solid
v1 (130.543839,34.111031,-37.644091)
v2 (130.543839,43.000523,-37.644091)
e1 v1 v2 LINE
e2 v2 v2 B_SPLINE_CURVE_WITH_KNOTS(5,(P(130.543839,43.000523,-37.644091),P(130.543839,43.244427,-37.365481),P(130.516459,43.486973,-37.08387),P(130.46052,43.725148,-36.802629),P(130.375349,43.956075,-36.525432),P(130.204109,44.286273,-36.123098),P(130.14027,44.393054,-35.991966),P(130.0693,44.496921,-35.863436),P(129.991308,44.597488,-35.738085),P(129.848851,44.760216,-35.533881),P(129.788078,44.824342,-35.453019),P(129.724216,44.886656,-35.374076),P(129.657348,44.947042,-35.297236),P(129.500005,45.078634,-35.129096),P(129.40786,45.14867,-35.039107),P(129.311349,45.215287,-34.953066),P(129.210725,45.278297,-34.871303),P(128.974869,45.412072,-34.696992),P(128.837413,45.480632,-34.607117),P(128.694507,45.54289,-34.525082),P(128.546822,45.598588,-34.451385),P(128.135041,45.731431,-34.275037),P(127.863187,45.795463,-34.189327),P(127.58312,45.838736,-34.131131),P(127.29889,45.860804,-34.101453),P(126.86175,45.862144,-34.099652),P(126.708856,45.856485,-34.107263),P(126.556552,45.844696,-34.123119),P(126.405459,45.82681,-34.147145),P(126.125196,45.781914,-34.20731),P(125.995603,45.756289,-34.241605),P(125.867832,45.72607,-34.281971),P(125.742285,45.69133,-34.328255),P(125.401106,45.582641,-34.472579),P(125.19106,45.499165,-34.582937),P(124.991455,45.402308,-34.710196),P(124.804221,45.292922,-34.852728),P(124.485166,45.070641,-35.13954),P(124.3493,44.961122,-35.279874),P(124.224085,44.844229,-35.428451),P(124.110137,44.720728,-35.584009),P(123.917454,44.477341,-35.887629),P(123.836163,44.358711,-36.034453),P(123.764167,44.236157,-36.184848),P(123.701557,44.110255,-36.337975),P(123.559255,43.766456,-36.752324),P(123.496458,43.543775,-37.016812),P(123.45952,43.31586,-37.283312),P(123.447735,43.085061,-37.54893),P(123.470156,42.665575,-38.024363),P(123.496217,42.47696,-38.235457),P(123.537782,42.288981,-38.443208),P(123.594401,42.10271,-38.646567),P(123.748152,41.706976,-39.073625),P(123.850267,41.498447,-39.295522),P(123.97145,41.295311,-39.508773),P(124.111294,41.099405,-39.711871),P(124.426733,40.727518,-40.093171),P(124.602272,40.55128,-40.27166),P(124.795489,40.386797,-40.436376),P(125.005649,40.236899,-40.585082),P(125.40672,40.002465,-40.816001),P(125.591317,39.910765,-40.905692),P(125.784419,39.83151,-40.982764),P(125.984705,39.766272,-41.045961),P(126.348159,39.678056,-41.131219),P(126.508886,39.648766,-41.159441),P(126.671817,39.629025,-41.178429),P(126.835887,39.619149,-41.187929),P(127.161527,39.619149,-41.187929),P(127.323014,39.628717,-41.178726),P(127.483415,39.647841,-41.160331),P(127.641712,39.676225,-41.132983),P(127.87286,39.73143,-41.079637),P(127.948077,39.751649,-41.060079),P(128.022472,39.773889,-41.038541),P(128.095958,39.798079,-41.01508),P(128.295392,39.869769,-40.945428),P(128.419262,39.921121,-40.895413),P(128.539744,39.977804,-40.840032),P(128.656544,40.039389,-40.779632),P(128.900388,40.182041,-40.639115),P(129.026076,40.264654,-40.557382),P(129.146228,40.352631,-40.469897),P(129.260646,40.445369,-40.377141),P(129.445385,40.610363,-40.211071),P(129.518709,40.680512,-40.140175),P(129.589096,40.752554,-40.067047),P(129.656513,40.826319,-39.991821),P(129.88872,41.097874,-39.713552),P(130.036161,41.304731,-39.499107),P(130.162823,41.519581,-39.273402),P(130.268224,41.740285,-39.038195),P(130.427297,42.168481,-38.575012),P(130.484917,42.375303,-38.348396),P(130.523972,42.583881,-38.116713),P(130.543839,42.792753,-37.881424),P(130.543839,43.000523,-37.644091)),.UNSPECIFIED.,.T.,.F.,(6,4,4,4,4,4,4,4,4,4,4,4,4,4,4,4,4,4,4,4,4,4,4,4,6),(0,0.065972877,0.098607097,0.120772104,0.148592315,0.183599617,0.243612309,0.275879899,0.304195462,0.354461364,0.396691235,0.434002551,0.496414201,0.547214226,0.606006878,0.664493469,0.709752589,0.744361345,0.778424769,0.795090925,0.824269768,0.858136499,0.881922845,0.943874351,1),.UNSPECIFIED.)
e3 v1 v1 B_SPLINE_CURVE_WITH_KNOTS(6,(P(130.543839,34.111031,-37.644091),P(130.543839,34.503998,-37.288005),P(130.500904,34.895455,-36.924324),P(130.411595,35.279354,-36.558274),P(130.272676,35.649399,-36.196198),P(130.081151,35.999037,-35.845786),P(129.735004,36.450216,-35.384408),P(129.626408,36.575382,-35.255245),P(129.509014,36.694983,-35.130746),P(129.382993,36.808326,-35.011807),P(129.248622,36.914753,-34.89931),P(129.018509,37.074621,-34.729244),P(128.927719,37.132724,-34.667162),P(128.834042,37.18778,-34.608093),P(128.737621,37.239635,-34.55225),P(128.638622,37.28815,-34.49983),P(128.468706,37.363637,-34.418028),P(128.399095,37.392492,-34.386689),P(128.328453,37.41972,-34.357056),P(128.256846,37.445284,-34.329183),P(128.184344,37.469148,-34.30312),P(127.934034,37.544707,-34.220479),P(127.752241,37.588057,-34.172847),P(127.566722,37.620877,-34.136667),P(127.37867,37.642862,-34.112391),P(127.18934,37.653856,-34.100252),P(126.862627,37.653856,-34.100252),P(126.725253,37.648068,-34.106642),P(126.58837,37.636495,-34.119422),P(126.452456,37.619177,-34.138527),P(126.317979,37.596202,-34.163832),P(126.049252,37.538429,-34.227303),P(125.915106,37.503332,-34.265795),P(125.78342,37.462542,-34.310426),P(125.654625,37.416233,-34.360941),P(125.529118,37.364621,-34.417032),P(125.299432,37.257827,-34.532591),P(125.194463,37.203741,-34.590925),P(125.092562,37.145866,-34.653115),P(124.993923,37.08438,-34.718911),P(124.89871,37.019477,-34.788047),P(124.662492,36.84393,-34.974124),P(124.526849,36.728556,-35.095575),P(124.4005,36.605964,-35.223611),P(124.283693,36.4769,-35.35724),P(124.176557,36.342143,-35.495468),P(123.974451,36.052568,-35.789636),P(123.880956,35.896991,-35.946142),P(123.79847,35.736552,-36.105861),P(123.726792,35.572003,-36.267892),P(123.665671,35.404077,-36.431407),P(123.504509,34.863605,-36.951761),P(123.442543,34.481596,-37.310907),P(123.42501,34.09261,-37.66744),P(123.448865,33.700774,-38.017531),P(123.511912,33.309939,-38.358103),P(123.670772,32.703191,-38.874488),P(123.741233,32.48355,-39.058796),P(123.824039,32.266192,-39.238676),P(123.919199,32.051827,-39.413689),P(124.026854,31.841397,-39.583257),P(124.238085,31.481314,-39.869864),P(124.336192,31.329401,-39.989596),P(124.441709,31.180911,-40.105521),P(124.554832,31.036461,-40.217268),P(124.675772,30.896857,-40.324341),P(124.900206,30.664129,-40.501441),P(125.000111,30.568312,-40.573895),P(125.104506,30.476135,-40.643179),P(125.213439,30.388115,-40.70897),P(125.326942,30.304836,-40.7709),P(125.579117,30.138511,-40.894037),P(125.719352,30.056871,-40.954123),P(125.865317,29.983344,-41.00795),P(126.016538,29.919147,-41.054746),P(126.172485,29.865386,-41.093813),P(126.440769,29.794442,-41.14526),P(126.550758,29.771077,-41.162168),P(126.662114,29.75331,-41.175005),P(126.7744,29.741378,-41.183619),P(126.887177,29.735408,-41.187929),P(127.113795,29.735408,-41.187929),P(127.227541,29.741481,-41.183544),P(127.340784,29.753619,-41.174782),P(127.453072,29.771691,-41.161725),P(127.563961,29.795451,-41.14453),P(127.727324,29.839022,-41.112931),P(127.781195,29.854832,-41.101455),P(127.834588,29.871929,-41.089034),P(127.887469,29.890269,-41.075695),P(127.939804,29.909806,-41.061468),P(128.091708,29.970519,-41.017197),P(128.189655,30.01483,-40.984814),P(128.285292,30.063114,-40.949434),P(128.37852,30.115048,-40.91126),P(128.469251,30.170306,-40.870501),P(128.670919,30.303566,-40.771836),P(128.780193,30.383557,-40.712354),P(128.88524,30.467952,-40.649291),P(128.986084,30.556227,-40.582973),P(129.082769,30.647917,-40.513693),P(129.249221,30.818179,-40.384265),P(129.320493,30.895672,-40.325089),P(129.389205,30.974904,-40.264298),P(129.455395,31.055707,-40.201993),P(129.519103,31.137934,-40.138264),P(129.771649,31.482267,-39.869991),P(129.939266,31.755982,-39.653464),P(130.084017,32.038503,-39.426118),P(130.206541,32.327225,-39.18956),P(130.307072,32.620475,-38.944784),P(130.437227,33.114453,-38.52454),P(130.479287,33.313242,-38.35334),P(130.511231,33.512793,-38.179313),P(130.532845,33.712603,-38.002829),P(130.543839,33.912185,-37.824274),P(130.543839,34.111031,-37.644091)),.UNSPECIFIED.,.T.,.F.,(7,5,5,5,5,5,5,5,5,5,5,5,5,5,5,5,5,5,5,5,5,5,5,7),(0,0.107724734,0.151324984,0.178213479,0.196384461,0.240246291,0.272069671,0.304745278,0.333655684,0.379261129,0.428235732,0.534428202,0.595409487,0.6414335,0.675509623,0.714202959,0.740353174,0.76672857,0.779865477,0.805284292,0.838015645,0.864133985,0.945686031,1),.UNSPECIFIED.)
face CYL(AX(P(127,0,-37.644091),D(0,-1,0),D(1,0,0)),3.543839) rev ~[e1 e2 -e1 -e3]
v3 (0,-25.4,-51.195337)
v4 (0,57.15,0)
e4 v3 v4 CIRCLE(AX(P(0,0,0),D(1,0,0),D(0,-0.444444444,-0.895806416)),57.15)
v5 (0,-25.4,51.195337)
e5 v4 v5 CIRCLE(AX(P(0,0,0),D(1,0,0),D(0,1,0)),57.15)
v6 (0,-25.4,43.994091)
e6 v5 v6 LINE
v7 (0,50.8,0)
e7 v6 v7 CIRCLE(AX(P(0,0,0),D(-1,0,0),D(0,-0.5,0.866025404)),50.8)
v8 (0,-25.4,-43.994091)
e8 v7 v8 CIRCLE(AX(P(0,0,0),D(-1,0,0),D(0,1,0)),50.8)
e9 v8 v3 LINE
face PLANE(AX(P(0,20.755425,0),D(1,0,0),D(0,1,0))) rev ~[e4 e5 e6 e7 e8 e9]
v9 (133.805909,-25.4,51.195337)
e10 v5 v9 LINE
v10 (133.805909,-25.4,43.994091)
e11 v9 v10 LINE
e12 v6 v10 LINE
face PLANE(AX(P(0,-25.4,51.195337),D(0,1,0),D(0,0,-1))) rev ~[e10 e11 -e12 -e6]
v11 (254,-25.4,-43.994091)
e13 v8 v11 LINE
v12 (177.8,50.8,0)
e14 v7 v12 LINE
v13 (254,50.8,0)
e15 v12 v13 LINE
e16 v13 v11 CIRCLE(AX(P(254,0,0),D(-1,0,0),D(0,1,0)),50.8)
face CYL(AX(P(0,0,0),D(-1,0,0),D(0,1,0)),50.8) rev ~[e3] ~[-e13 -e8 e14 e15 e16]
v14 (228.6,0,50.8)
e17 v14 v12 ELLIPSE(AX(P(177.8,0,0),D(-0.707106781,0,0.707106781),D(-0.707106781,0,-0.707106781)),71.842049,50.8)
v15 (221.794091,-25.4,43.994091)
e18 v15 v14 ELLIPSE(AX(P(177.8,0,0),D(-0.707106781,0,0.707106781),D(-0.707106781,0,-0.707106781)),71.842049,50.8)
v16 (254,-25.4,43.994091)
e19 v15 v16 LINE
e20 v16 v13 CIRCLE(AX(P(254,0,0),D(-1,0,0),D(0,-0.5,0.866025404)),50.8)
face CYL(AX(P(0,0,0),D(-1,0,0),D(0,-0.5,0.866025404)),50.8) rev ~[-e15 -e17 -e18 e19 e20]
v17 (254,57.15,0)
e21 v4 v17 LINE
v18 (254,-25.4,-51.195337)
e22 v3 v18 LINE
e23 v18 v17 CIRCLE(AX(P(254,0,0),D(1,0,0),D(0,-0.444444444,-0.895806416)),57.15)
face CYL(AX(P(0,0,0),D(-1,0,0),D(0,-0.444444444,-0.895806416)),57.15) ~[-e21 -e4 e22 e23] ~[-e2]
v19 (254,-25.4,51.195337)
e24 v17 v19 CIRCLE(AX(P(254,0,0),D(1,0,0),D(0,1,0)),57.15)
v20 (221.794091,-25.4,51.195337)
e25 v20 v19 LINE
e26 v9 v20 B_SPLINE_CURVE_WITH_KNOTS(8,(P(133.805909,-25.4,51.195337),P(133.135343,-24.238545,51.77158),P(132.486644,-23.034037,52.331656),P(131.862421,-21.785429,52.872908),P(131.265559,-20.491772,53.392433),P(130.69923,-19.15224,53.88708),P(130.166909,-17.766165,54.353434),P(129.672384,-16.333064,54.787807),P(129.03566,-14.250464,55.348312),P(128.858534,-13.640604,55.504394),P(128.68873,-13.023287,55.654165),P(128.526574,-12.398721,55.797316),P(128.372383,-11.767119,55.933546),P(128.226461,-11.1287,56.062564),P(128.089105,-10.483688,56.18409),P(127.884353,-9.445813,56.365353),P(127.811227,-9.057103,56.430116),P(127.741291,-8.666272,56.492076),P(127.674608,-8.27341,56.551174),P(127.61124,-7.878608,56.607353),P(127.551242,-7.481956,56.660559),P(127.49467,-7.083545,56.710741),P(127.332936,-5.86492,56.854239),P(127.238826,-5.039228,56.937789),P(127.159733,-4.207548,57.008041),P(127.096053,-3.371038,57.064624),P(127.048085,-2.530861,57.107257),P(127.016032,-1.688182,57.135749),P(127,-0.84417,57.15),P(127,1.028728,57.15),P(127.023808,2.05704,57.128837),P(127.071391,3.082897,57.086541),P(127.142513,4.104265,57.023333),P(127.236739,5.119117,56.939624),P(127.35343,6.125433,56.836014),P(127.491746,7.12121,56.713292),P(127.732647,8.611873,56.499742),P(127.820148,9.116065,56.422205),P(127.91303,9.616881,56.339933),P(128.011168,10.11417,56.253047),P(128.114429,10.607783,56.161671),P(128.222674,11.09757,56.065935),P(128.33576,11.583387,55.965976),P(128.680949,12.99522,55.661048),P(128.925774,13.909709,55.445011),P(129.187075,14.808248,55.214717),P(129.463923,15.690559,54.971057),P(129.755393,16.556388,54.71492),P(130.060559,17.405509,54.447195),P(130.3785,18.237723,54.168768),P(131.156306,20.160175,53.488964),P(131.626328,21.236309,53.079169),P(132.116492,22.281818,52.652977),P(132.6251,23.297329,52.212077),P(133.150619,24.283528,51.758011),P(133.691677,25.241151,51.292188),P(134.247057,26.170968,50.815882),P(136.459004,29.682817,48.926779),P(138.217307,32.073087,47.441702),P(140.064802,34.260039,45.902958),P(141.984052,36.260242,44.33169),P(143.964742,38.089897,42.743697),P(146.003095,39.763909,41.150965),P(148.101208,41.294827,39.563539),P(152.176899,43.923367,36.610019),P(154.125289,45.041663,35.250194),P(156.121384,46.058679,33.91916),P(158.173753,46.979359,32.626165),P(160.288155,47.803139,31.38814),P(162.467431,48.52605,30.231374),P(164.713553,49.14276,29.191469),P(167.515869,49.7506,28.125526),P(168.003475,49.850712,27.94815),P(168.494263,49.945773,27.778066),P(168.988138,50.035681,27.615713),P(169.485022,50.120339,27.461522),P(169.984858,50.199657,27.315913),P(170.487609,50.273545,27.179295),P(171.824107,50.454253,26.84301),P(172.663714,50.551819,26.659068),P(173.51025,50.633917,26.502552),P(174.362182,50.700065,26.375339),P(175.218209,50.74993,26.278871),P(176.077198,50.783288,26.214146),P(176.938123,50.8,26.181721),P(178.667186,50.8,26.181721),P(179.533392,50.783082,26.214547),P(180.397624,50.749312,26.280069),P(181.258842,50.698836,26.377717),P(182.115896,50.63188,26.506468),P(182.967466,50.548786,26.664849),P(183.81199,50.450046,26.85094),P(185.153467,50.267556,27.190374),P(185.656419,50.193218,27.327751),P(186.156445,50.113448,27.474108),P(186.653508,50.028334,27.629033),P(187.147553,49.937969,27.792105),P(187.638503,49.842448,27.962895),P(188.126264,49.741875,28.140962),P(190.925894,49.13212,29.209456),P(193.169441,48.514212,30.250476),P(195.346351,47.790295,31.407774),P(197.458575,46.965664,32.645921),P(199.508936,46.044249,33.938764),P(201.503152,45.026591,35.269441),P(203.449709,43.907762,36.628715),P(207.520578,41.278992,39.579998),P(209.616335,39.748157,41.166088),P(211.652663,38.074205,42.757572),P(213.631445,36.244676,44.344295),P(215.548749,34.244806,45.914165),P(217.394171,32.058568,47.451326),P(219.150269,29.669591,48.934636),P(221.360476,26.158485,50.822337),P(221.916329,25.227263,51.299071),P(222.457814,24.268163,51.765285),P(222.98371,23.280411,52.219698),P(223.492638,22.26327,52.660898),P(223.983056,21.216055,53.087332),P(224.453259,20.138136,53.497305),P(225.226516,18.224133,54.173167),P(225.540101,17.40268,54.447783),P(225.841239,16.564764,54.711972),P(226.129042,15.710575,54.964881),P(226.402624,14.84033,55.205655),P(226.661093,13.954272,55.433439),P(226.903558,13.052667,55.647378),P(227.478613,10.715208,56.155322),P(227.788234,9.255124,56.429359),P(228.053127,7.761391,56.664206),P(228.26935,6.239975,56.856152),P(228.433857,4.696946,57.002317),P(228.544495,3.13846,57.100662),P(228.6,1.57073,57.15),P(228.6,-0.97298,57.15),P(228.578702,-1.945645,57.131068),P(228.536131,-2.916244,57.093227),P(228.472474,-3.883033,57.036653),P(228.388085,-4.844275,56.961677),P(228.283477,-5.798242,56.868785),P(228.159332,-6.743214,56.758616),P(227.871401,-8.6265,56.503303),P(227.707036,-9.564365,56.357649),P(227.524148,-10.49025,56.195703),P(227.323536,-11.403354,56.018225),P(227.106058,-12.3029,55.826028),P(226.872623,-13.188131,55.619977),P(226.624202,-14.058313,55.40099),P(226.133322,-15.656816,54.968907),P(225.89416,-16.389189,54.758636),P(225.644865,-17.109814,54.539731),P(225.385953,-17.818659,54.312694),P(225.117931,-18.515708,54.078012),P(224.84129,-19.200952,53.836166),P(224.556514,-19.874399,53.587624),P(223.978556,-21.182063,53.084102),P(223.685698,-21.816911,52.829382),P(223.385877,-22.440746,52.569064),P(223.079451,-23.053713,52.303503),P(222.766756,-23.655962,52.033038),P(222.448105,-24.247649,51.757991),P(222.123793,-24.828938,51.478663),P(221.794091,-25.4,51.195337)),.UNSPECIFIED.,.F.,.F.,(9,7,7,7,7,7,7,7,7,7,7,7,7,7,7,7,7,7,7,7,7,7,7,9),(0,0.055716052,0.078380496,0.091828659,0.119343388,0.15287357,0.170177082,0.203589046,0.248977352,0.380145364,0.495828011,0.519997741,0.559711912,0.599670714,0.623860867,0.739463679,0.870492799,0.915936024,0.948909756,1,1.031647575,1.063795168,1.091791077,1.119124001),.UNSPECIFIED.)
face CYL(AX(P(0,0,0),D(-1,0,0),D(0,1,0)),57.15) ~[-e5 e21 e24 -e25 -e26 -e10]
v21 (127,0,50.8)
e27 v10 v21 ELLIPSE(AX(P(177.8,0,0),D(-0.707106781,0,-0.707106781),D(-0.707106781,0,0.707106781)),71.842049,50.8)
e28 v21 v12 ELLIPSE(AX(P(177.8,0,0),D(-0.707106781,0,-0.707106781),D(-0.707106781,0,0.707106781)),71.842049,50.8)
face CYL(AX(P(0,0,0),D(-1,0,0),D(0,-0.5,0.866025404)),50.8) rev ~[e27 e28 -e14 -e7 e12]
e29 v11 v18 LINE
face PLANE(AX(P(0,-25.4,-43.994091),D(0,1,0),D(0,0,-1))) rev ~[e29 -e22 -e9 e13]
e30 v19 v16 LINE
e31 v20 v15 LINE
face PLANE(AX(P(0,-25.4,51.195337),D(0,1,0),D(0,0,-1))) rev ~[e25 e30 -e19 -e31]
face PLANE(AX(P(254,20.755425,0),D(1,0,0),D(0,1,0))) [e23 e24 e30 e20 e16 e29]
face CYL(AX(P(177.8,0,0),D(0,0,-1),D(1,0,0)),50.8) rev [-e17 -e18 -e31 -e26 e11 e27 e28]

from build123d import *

# Parameters (mm, degrees)
F1_DEPTH = 254
F2_R     = 50.8
F3_DEPTH = 148.336
F4_R     = 3.5438388493
F5_DEPTH = 89.916


with BuildPart() as f1:
    # F0 (on Right) → F1 (new body)
    with BuildSketch(Plane.YZ):
        with BuildLine():
            ThreePointArc((-25.4, -51.1953367017), (30.1206947131, -48.568160867), (57.15, 0))
            ThreePointArc((57.15, 0), (30.1206947131, 48.568160867), (-25.4, 51.1953367017))
            Line((-25.4, 51.1953367017), (-25.4, 43.9940905122))
            ThreePointArc((-25.4, 43.9940905122), (25.4, 43.9940905122), (50.8, 0))
            ThreePointArc((50.8, 0), (25.4, -43.9940905122), (-25.4, -43.9940905122))
            Line((-25.4, -43.9940905122), (-25.4, -51.1953367017))
        make_face()
    extrude(amount=F1_DEPTH)

    # F2 (on Top) → F3 (cut)
    with BuildSketch(Plane.XY):
        with Locations((177.8, 0)):
            Circle(F2_R)
    extrude(amount=F3_DEPTH, mode=Mode.SUBTRACT)

    # F4 (on Front) → F5 (cut)
    with BuildSketch(Plane.XZ):
        with Locations((127, -37.6440905122)):
            Circle(F4_R)
    extrude(amount=-F5_DEPTH, mode=Mode.SUBTRACT)


solid = f1.part
